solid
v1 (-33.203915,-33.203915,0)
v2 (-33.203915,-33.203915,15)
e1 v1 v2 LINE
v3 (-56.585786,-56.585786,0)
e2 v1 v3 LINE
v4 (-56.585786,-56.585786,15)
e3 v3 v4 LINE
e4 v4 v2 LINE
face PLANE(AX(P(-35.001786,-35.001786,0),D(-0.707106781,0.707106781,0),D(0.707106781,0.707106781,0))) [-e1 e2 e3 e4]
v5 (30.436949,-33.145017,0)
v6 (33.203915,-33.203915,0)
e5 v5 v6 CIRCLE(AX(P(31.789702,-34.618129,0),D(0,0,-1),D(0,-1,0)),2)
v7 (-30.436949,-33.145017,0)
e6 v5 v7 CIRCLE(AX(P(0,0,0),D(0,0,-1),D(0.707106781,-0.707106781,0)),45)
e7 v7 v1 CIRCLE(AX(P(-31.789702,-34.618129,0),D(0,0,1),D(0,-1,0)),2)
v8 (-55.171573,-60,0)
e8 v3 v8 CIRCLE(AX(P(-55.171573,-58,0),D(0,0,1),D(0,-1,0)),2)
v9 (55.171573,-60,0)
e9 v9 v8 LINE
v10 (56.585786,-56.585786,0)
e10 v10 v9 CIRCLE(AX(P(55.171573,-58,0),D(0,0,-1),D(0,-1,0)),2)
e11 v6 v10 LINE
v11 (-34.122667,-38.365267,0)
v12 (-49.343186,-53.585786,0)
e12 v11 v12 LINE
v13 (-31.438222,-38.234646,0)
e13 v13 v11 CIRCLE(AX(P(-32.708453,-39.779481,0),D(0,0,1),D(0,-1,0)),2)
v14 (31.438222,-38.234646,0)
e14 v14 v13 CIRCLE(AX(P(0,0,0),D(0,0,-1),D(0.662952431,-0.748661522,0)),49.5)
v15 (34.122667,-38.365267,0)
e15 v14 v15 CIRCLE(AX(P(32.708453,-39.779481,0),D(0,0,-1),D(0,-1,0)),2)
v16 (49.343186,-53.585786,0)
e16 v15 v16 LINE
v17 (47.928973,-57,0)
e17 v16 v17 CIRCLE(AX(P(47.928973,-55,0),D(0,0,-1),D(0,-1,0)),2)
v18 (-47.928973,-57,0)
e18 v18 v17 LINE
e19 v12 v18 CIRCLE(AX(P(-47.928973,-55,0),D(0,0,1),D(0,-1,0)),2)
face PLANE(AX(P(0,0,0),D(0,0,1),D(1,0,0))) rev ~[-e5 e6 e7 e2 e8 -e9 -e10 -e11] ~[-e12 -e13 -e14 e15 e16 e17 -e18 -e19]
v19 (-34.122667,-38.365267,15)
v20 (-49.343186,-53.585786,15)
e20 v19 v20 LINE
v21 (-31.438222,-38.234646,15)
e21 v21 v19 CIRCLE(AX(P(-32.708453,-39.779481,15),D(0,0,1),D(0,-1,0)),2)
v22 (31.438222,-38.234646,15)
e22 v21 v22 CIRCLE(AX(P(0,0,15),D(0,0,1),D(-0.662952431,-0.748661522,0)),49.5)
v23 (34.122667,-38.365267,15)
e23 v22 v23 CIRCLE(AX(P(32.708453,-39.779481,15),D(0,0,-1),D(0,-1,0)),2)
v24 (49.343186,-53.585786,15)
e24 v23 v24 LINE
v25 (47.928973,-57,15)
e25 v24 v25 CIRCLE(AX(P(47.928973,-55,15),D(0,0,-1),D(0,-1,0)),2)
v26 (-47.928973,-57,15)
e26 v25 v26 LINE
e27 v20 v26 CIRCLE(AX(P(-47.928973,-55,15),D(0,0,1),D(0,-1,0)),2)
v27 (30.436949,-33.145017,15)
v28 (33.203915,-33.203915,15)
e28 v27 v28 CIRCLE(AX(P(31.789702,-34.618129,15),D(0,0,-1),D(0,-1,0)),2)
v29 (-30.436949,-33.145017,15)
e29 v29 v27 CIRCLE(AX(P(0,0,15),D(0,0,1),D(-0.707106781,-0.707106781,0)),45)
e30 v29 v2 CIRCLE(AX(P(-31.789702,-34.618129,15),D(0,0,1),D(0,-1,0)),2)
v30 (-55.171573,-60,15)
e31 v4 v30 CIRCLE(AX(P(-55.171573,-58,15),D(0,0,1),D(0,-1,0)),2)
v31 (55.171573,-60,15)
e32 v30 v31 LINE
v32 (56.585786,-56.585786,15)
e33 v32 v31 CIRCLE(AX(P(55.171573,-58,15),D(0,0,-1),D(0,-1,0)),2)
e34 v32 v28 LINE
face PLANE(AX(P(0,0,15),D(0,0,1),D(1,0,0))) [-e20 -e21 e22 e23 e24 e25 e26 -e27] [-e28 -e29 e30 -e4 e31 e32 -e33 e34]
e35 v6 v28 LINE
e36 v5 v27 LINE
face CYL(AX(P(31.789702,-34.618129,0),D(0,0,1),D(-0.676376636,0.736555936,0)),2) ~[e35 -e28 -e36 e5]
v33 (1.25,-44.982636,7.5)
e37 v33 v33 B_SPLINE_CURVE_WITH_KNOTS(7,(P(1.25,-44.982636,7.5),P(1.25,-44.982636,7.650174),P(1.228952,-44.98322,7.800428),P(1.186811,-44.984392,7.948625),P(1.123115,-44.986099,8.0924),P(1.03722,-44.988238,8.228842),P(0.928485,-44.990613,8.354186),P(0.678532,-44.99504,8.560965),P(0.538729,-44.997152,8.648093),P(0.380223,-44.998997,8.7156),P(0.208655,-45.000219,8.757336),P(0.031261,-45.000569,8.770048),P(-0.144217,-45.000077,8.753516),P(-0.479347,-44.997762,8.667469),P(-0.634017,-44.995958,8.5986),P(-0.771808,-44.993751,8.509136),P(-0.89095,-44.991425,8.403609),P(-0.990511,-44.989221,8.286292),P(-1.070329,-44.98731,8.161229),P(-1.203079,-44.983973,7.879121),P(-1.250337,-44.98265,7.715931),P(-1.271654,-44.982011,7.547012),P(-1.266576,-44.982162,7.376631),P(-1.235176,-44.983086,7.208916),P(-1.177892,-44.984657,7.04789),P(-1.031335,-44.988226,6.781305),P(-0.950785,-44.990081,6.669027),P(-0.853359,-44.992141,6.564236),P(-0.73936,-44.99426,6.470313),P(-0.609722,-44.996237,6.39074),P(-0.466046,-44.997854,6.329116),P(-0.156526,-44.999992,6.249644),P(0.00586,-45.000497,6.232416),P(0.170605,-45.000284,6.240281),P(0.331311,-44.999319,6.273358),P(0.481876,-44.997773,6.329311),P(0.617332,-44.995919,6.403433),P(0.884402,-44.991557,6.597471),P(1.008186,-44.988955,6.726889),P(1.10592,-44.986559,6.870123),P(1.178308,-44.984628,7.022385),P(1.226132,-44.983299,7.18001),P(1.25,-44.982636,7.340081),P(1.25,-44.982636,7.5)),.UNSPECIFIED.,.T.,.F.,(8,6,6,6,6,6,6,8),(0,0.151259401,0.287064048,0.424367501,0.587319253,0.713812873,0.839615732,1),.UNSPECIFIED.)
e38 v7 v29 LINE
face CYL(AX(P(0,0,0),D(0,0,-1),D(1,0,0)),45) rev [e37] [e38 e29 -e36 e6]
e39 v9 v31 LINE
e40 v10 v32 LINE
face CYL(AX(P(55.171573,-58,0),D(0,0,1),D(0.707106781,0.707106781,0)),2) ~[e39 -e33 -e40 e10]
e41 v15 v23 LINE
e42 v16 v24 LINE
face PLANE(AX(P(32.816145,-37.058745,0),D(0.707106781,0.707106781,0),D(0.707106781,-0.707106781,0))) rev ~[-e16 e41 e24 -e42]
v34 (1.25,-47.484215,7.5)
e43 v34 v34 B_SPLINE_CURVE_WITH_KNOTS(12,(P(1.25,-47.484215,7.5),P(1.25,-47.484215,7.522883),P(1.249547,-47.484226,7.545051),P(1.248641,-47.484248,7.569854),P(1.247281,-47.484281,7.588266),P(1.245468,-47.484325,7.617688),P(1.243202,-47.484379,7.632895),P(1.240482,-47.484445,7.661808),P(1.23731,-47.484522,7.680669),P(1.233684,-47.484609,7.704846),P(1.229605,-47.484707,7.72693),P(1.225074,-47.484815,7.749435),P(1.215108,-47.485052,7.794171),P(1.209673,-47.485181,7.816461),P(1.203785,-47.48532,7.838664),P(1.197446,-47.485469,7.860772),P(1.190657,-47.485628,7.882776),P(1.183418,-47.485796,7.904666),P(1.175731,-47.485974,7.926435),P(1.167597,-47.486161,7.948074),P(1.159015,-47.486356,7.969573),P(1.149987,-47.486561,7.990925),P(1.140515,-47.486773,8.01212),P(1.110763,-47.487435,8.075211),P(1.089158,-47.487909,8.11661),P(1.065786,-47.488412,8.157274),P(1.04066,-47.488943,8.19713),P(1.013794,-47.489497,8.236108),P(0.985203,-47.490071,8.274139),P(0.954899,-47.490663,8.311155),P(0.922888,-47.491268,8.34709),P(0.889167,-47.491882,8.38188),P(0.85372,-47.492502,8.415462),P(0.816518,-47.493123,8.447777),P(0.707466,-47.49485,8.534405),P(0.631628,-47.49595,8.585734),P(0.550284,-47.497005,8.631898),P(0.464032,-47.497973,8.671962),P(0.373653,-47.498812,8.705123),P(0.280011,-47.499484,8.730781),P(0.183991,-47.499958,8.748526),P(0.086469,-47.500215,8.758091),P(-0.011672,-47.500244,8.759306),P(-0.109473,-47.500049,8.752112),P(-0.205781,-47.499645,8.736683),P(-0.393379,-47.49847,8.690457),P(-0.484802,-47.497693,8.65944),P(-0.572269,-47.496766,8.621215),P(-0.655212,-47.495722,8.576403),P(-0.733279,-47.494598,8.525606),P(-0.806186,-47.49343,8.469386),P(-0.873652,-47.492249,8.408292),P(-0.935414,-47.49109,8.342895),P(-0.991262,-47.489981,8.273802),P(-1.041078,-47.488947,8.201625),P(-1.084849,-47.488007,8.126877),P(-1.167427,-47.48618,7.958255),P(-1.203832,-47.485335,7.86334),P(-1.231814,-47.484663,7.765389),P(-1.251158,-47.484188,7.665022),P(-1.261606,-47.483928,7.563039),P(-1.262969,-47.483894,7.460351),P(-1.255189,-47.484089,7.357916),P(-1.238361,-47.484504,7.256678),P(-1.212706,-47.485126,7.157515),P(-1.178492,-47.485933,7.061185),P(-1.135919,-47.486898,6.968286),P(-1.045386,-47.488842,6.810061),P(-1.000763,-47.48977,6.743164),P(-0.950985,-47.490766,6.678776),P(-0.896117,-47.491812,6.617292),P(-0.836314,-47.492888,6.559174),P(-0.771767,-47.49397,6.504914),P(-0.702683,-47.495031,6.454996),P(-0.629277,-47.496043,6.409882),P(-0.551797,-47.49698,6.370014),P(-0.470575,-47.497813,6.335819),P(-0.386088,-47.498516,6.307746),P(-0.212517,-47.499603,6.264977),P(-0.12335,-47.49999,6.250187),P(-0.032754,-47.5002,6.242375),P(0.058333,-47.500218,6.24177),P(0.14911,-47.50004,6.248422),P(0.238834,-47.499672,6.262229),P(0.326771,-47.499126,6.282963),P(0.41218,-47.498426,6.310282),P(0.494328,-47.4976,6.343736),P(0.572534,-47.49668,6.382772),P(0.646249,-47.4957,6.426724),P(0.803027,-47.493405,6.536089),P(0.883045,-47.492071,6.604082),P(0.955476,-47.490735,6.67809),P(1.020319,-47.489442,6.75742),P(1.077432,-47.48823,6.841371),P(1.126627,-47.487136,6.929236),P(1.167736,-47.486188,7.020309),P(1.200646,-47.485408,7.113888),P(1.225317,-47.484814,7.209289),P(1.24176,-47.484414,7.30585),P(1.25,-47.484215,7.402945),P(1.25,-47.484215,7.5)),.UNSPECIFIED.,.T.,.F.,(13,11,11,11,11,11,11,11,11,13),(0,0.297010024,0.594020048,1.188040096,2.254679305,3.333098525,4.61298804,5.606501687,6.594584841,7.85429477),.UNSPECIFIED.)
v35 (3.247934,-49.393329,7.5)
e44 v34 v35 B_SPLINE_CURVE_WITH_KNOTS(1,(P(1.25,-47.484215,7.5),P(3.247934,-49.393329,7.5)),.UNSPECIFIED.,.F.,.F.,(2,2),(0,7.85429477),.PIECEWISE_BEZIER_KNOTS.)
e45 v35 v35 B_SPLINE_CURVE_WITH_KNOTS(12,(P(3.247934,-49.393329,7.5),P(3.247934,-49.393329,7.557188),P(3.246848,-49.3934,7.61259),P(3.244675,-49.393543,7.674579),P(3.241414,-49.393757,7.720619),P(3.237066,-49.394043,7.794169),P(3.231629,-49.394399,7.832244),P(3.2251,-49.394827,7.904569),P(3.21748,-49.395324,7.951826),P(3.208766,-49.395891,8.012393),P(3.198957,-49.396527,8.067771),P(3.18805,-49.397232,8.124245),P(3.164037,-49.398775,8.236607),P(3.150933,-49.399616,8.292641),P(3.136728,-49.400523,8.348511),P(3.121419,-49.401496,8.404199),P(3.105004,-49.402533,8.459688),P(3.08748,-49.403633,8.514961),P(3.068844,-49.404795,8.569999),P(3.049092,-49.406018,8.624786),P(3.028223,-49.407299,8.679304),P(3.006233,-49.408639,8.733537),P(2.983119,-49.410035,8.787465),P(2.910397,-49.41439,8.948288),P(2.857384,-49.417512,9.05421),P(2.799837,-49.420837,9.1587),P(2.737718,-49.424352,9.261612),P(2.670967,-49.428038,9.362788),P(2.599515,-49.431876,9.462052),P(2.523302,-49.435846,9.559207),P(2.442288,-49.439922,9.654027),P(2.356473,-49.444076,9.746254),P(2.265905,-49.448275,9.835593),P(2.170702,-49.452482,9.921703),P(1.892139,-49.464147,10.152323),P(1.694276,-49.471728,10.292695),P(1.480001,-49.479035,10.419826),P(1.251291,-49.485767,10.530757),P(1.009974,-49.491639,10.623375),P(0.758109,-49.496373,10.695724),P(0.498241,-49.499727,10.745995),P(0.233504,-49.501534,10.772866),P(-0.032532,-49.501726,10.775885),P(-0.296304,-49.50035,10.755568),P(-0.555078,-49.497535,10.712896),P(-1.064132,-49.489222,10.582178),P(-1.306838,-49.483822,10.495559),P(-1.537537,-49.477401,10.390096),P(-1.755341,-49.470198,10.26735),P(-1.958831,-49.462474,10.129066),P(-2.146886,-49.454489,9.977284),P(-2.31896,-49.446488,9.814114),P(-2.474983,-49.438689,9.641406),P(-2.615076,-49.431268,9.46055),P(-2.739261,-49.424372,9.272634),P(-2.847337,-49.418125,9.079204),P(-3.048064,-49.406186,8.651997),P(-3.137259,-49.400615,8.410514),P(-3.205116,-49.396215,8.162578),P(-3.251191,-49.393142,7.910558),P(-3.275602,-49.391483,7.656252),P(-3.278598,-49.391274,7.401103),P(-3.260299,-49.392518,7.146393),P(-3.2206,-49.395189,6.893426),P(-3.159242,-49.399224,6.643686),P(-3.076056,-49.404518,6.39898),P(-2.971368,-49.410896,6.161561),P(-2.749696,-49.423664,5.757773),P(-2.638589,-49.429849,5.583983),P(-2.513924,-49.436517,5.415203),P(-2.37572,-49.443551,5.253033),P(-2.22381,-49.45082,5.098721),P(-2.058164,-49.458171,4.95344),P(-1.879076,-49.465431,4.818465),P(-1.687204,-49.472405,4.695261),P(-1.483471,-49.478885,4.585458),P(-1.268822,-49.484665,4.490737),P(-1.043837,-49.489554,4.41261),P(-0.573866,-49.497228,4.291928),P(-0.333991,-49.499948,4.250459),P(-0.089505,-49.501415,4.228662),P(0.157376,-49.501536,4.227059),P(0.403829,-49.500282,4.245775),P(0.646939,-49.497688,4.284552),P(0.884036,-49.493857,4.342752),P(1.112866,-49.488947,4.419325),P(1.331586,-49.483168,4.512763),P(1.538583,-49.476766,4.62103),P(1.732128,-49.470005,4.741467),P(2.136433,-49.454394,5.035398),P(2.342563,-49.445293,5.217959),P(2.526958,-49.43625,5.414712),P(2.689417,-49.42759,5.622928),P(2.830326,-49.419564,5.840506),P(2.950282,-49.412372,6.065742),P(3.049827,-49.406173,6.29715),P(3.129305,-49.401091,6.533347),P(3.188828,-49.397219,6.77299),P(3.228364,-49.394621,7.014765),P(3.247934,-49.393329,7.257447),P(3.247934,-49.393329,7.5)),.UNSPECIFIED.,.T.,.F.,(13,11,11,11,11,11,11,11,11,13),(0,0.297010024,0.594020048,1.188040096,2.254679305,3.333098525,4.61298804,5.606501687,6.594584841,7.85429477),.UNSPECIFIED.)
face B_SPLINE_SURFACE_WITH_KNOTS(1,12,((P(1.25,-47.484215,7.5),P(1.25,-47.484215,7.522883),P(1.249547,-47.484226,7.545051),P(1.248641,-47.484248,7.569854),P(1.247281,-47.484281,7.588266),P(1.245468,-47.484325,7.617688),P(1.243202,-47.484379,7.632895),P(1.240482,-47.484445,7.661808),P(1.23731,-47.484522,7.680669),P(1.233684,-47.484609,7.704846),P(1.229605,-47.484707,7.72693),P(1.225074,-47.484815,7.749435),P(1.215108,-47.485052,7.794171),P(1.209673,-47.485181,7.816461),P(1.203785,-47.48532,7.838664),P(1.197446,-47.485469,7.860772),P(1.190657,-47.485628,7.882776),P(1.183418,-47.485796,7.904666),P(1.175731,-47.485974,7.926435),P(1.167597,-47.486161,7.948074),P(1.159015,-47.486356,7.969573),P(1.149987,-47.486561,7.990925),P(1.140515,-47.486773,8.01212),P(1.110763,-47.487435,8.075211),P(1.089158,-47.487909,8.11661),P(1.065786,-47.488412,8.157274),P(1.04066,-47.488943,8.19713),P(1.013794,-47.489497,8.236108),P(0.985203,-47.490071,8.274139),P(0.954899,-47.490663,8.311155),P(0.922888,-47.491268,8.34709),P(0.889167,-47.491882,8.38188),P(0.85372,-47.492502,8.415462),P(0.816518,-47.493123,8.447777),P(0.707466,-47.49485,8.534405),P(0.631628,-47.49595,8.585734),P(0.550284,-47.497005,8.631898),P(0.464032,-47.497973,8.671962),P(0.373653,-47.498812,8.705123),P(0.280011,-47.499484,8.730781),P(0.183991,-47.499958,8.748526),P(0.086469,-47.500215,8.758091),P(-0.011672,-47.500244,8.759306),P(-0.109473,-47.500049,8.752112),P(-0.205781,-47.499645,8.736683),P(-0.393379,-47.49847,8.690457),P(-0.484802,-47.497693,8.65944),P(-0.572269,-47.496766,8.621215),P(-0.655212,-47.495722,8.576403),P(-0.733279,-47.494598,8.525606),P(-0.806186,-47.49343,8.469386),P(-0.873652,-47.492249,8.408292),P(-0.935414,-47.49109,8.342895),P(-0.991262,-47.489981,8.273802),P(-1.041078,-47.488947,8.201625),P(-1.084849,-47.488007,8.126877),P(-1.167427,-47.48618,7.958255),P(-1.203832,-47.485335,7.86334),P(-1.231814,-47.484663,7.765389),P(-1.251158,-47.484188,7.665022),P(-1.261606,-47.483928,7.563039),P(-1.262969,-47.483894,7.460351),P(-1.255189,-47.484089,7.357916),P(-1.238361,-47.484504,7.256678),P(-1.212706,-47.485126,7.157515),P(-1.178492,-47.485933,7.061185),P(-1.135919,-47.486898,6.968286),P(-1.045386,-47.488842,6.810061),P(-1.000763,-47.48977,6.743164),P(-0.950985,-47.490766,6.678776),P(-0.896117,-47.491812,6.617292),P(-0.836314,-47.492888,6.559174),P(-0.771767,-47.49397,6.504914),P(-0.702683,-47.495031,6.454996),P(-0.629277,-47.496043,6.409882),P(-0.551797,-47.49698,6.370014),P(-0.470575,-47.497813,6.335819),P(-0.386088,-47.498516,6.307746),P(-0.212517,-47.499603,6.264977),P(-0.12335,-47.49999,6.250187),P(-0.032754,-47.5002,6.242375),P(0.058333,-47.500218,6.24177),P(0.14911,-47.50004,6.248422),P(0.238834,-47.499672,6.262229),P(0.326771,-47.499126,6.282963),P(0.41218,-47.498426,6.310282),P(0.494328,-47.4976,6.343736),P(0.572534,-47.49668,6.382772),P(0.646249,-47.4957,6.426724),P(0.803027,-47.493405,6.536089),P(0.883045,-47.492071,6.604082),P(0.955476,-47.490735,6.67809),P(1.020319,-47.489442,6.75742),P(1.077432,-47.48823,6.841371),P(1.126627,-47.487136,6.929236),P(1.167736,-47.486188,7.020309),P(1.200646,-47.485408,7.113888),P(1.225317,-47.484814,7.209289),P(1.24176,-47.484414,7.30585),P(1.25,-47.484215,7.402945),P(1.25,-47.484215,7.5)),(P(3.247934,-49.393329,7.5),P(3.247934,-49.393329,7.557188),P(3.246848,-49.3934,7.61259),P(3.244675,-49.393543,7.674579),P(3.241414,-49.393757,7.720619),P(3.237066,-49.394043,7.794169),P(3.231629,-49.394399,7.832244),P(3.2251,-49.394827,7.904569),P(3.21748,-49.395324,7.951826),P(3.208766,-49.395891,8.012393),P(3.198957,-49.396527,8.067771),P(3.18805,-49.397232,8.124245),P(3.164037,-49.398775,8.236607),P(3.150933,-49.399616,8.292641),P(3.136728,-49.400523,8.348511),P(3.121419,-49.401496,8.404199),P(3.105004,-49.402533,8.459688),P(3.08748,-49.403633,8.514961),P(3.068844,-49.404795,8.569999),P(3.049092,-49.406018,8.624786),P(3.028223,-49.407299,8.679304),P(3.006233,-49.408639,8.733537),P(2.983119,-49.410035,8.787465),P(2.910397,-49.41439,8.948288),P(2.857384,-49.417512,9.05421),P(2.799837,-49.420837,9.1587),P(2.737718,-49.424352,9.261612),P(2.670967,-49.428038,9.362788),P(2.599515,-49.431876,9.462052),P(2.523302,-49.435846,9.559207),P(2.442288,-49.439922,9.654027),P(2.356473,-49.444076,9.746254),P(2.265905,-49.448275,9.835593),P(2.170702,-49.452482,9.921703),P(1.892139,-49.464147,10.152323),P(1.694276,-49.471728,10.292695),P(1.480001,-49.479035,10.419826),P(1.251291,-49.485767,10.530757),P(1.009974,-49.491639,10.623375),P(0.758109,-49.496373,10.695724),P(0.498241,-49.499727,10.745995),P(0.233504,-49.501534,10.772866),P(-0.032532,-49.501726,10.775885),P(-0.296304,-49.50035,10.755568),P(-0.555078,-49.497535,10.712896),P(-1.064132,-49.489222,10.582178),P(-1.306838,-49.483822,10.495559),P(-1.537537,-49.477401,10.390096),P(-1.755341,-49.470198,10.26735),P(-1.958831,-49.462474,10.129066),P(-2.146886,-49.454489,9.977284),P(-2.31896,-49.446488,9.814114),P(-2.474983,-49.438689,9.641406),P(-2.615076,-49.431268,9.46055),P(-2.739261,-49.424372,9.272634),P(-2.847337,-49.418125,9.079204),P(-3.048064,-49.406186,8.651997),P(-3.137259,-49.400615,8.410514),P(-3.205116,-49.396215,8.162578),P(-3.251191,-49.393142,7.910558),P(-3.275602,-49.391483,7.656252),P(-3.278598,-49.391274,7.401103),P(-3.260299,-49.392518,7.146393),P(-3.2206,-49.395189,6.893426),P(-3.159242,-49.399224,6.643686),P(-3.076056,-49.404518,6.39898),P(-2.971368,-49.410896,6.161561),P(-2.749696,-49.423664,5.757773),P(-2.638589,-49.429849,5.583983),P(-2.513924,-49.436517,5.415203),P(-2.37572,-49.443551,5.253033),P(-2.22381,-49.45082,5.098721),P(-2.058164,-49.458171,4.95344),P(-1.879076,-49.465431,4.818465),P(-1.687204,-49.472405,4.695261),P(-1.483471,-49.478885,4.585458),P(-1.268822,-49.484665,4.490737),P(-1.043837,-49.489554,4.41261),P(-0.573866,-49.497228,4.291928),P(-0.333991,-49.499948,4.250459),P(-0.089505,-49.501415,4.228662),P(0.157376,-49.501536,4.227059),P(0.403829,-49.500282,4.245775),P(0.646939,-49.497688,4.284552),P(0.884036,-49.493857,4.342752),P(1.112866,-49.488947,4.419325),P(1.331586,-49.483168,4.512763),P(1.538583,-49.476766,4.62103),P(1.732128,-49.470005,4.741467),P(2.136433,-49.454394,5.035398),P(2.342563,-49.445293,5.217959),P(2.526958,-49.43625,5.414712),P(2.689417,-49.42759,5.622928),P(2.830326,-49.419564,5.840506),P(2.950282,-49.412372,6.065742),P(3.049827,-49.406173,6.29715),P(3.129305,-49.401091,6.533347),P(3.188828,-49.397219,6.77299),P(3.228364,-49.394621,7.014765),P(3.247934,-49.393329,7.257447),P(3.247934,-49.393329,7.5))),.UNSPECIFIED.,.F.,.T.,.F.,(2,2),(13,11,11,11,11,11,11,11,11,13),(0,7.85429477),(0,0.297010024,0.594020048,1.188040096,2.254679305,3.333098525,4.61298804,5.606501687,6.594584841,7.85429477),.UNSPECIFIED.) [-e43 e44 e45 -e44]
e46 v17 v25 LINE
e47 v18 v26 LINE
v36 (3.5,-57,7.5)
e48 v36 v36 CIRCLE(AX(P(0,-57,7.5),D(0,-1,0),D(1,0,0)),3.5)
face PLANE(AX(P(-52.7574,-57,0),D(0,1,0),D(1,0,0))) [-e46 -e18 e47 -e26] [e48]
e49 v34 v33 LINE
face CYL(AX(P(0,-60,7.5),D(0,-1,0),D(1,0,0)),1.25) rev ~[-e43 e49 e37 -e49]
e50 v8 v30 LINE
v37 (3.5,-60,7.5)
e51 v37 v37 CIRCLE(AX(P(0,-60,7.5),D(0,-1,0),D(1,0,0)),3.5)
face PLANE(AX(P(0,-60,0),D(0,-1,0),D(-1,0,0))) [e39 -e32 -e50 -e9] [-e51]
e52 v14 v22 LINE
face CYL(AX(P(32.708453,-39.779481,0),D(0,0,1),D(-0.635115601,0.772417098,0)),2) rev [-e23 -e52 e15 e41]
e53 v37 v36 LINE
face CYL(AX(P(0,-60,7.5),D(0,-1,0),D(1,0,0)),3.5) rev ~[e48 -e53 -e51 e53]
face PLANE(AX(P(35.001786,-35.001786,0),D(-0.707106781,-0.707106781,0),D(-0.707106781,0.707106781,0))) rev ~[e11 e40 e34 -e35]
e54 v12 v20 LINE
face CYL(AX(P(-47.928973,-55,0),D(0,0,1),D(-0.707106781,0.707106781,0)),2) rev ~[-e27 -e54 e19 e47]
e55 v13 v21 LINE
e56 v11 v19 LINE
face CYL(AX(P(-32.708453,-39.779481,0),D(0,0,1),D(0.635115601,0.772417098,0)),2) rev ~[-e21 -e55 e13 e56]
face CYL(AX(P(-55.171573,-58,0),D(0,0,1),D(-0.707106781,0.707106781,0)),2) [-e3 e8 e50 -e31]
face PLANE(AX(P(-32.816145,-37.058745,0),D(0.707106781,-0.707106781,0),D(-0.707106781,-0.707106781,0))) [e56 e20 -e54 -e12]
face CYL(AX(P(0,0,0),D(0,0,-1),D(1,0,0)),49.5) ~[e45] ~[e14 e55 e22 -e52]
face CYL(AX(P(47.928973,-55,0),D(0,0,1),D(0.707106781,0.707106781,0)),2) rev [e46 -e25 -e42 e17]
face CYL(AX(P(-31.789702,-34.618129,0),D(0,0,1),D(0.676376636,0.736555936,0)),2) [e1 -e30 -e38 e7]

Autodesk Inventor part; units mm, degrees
ref_plane "YZ Plane" through (0, 0, 0) normal (1, 0, 0) x (0, 1, 0)
ref_plane "XZ Plane" through (0, 0, 0) normal (0, 1, 0) x (-1, 0, 0)
ref_plane "XY Plane" through (0, 0, 0) normal (0, 0, 1) x (1, 0, 0)
sketch "Sketch1" plane through (0, 0, 0) normal (0, 0, 1) x (1, 0, 0)
  circle A0 centre (0, 0) radius 45
  line L0 (0, 0) -> (0, -60)
  line L1 (0, -60) -> (60, -60)
  line L2 (60, -60) -> (31.8198, -31.8198)
  line L3 (0, -60) -> (-60, -60)
  line L4 (-60, -60) -> (-31.8198, -31.8198)
  line L5 (29.6985, -33.9411) -> (52.7574, -57)
  line L6 (52.7574, -57) -> (0, -57)
  line L7 (-29.6985, -33.9411) -> (-52.7574, -57)
  line L8 (-52.7574, -57) -> (0, -57)
  circle A1 centre (0, 0) radius 49.5
  point P0 (0, -45)
  point P1 (32.8161, -37.0588)
  point P2 (-32.8161, -37.0588)
  dimension "d0" = 90
  dimension "d1" = 60
  dimension "d2" = 60
  dimension "d3" = 45
  dimension "d18" = 3
  dimension "d19" = 3
  dimension "d20" = 4.5
extrude "Extrusion1" add sketch "Sketch1" along normal blind 15 contours A0 L0 A1 L4 | L2 A1 L0 A0 | A1 L7 L8 L0 L3 L4 | L2 L1 L0 L6 L5 A1
sketch "Sketch6" plane through (-60, -60, 0) normal (0, -1, 0) x (1, 0, 0)
  circle A0 centre (60, 7.5) radius 3.5
  line L0 (0, 15) -> (120, 15) projected
  point P0 (60, 0)
  dimension "d27" = 7
  dimension "d28" = 7.5
extrude "Extrusion6" cut sketch "Sketch6" against normal blind 3
sketch "Sketch7" plane through (-60, -60, 0) normal (0, -1, 0) x (1, 0, 0)
  circle A0 centre (60, 7.5) radius 3.5 projected
  circle A1 centre (60, 7.5) radius 1.25
  point P0 (60, 0)
  dimension "d31" = 2.5
extrude "Extrusion7" cut sketch "Sketch7" against normal blind 21.25 contours A1
chamfer "Chamfer1" distance 2 angle 45 1 edges at (-1.25, -49.4842, 7.5043)
fillet "Fillet1" radius 2 8 edges at (-52.7574, -57, 7.5) (-32.8161, -37.0588, 7.5) (32.8161, -37.0588, 7.5) (52.7574, -57, 7.5) (60, -60, 7.5) (-60, -60, 7.5) (-31.8198, -31.8198, 7.5) (31.8198, -31.8198, 7.5)
properties part number "Horizontal Base_3DPrint"
